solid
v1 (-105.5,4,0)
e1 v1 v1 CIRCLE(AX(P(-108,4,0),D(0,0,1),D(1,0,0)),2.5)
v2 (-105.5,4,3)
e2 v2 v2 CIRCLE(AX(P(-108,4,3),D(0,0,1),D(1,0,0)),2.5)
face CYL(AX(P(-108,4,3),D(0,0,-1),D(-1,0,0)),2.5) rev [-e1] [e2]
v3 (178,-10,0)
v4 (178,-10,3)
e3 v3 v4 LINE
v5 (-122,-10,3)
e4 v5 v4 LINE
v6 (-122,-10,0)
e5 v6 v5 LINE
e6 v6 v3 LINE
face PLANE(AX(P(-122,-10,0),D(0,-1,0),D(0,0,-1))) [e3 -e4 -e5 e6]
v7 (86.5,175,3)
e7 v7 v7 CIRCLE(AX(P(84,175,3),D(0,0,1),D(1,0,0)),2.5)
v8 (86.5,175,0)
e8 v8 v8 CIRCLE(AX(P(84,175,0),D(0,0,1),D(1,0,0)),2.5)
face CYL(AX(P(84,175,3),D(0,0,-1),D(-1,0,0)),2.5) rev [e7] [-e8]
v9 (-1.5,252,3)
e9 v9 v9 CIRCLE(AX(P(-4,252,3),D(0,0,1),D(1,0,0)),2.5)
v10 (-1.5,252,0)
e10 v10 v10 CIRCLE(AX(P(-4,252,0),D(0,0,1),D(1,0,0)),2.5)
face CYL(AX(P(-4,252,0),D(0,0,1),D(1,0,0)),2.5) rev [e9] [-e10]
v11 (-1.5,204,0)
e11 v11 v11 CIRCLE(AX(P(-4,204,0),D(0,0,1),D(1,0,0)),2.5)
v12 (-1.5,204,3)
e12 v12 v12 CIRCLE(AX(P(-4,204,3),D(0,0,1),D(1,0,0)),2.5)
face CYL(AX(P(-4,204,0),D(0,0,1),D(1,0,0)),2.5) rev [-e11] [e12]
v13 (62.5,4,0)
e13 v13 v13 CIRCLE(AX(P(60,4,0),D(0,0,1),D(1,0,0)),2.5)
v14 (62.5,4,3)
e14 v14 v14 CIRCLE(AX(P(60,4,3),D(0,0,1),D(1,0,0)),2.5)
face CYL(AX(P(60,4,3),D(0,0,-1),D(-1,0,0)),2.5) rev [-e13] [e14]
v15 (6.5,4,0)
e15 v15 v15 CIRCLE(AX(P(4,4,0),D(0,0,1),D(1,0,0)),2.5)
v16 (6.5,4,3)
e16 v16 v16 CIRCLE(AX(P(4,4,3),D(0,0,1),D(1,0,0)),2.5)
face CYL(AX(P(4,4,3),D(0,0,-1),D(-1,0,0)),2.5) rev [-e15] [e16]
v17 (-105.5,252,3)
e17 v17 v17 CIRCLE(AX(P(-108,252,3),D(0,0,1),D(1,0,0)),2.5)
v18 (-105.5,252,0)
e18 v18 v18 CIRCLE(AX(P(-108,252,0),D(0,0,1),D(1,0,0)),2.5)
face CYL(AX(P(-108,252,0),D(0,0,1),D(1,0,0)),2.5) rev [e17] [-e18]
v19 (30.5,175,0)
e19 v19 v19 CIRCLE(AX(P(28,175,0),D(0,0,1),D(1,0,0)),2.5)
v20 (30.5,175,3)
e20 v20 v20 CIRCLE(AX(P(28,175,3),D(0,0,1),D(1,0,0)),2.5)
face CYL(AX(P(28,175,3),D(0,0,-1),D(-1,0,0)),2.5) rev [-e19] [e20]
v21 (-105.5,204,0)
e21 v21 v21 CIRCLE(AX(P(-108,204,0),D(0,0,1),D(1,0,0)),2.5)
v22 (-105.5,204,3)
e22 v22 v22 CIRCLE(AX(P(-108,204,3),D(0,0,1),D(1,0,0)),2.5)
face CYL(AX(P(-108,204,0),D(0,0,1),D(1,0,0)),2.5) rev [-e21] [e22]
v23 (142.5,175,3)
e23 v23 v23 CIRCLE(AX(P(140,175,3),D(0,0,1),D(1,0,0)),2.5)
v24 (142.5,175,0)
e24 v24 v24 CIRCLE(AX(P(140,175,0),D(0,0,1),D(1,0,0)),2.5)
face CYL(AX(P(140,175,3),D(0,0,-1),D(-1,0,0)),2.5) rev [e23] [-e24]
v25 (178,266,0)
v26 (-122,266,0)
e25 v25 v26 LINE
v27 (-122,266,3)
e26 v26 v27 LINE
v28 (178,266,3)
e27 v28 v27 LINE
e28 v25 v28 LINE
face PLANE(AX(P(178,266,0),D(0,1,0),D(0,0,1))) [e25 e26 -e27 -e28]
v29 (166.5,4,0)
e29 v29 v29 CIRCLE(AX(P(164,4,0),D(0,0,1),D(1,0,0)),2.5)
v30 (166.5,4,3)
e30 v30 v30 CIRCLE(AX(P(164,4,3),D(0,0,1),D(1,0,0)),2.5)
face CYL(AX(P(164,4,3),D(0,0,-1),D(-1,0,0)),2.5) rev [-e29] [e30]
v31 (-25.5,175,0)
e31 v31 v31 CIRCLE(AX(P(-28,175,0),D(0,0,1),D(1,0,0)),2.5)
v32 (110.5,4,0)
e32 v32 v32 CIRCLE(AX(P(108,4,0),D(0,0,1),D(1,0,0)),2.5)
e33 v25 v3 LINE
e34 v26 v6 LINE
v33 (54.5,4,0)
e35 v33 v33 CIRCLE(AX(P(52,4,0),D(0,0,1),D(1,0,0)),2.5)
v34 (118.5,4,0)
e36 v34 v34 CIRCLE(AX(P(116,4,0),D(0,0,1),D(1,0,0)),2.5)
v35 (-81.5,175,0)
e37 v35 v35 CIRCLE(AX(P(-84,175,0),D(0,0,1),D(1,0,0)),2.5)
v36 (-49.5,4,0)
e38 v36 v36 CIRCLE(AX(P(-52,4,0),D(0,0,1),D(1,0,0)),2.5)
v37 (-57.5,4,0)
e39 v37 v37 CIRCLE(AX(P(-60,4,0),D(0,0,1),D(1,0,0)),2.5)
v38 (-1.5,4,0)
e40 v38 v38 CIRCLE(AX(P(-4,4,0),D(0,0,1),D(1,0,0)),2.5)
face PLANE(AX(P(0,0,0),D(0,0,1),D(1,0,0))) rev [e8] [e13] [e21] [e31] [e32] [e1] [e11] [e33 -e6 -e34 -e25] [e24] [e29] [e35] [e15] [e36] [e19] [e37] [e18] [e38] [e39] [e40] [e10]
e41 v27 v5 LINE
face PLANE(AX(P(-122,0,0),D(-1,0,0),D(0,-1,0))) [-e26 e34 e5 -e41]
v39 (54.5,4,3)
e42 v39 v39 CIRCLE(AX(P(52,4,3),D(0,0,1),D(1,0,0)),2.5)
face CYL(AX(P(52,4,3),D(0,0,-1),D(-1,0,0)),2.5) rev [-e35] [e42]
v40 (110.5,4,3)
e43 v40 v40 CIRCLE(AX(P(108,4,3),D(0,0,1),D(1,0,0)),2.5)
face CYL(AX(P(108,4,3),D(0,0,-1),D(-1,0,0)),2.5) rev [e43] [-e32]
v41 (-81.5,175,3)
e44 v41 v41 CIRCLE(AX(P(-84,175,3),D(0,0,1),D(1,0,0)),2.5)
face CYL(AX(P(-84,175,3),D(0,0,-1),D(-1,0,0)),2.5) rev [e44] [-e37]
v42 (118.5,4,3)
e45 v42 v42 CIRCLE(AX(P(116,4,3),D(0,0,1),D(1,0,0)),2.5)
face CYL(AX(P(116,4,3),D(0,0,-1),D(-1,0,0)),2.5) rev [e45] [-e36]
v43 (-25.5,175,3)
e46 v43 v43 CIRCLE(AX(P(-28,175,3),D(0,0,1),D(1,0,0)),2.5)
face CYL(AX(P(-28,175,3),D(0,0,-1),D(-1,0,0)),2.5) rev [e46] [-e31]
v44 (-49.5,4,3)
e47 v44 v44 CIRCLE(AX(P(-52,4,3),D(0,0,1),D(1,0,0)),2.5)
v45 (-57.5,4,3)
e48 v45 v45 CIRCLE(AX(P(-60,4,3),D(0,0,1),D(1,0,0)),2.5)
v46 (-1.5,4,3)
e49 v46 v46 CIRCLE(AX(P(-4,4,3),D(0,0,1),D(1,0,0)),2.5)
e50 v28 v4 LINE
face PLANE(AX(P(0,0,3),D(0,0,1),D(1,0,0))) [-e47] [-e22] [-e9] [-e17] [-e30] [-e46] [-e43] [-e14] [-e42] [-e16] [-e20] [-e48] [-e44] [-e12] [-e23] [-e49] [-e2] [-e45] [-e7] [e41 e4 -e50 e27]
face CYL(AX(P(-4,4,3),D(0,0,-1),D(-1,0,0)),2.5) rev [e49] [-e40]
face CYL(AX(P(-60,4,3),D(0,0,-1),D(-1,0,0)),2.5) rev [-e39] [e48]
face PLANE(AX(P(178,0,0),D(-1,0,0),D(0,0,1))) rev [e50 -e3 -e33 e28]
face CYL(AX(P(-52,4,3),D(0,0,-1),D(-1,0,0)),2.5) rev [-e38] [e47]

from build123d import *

# Parameters (mm, degrees)
SKETCH1_W           = 280
SKETCH1_H           = 200
SKETCH1_R           = 2.5
BOSS_EXTRUDE1_DEPTH = 3
SKETCH3_W           = 10
SKETCH3_H           = 200
BOSS_EXTRUDE2_DEPTH = 3
SKETCH4_W           = 300
SKETCH4_H           = 10
BOSS_EXTRUDE3_DEPTH = 3
SKETCH5_W           = 300
SKETCH5_H           = 66
SKETCH5_R           = 2.5
BOSS_EXTRUDE4_DEPTH = 3


with BuildPart() as part:
    # Sketch1 → Boss-Extrude1 (new body)
    with BuildSketch(Plane.XY):
        with Locations((28, 100)):
            Rectangle(SKETCH1_W, SKETCH1_H)
        with Locations((-108, 4)):
            Circle(SKETCH1_R, mode=Mode.SUBTRACT)
        with Locations((-60, 4)):
            Circle(SKETCH1_R, mode=Mode.SUBTRACT)
        with Locations((-52, 4)):
            Circle(SKETCH1_R, mode=Mode.SUBTRACT)
        with Locations((-4, 4)):
            Circle(SKETCH1_R, mode=Mode.SUBTRACT)
        with Locations((4, 4)):
            Circle(SKETCH1_R, mode=Mode.SUBTRACT)
        with Locations((52, 4)):
            Circle(SKETCH1_R, mode=Mode.SUBTRACT)
        with Locations((60, 4)):
            Circle(SKETCH1_R, mode=Mode.SUBTRACT)
        with Locations((108, 4)):
            Circle(SKETCH1_R, mode=Mode.SUBTRACT)
        with Locations((116, 4)):
            Circle(SKETCH1_R, mode=Mode.SUBTRACT)
        with Locations((164, 4)):
            Circle(SKETCH1_R, mode=Mode.SUBTRACT)
        with Locations((140, 175)):
            Circle(SKETCH1_R, mode=Mode.SUBTRACT)
        with Locations((84, 175)):
            Circle(SKETCH1_R, mode=Mode.SUBTRACT)
        with Locations((28, 175)):
            Circle(SKETCH1_R, mode=Mode.SUBTRACT)
        with Locations((-28, 175)):
            Circle(SKETCH1_R, mode=Mode.SUBTRACT)
        with Locations((-84, 175)):
            Circle(SKETCH1_R, mode=Mode.SUBTRACT)
    extrude(amount=BOSS_EXTRUDE1_DEPTH)

    # Sketch3 → Boss-Extrude2 (add)
    with BuildSketch(Plane.XY.offset(3)):
        with Locations((-117, 100)):
            Rectangle(SKETCH3_W, SKETCH3_H)
        with Locations((173, 100)):
            Rectangle(SKETCH3_W, SKETCH3_H)
    extrude(amount=-BOSS_EXTRUDE2_DEPTH)

    # Sketch4 → Boss-Extrude3 (add)
    with BuildSketch(Plane.XY.offset(3)):
        with Locations((28, -5)):
            Rectangle(SKETCH4_W, SKETCH4_H)
    extrude(amount=-BOSS_EXTRUDE3_DEPTH)

    # Sketch5 → Boss-Extrude4 (add)
    with BuildSketch(Plane.XY.offset(3)):
        with Locations((28, 233)):
            Rectangle(SKETCH5_W, SKETCH5_H)
        with Locations((-4, 204)):
            Circle(SKETCH5_R, mode=Mode.SUBTRACT)
        with Locations((-4, 252)):
            Circle(SKETCH5_R, mode=Mode.SUBTRACT)
        with Locations((-108, 252)):
            Circle(SKETCH5_R, mode=Mode.SUBTRACT)
        with Locations((-108, 204)):
            Circle(SKETCH5_R, mode=Mode.SUBTRACT)
    extrude(amount=-BOSS_EXTRUDE4_DEPTH)


solid = part.part
